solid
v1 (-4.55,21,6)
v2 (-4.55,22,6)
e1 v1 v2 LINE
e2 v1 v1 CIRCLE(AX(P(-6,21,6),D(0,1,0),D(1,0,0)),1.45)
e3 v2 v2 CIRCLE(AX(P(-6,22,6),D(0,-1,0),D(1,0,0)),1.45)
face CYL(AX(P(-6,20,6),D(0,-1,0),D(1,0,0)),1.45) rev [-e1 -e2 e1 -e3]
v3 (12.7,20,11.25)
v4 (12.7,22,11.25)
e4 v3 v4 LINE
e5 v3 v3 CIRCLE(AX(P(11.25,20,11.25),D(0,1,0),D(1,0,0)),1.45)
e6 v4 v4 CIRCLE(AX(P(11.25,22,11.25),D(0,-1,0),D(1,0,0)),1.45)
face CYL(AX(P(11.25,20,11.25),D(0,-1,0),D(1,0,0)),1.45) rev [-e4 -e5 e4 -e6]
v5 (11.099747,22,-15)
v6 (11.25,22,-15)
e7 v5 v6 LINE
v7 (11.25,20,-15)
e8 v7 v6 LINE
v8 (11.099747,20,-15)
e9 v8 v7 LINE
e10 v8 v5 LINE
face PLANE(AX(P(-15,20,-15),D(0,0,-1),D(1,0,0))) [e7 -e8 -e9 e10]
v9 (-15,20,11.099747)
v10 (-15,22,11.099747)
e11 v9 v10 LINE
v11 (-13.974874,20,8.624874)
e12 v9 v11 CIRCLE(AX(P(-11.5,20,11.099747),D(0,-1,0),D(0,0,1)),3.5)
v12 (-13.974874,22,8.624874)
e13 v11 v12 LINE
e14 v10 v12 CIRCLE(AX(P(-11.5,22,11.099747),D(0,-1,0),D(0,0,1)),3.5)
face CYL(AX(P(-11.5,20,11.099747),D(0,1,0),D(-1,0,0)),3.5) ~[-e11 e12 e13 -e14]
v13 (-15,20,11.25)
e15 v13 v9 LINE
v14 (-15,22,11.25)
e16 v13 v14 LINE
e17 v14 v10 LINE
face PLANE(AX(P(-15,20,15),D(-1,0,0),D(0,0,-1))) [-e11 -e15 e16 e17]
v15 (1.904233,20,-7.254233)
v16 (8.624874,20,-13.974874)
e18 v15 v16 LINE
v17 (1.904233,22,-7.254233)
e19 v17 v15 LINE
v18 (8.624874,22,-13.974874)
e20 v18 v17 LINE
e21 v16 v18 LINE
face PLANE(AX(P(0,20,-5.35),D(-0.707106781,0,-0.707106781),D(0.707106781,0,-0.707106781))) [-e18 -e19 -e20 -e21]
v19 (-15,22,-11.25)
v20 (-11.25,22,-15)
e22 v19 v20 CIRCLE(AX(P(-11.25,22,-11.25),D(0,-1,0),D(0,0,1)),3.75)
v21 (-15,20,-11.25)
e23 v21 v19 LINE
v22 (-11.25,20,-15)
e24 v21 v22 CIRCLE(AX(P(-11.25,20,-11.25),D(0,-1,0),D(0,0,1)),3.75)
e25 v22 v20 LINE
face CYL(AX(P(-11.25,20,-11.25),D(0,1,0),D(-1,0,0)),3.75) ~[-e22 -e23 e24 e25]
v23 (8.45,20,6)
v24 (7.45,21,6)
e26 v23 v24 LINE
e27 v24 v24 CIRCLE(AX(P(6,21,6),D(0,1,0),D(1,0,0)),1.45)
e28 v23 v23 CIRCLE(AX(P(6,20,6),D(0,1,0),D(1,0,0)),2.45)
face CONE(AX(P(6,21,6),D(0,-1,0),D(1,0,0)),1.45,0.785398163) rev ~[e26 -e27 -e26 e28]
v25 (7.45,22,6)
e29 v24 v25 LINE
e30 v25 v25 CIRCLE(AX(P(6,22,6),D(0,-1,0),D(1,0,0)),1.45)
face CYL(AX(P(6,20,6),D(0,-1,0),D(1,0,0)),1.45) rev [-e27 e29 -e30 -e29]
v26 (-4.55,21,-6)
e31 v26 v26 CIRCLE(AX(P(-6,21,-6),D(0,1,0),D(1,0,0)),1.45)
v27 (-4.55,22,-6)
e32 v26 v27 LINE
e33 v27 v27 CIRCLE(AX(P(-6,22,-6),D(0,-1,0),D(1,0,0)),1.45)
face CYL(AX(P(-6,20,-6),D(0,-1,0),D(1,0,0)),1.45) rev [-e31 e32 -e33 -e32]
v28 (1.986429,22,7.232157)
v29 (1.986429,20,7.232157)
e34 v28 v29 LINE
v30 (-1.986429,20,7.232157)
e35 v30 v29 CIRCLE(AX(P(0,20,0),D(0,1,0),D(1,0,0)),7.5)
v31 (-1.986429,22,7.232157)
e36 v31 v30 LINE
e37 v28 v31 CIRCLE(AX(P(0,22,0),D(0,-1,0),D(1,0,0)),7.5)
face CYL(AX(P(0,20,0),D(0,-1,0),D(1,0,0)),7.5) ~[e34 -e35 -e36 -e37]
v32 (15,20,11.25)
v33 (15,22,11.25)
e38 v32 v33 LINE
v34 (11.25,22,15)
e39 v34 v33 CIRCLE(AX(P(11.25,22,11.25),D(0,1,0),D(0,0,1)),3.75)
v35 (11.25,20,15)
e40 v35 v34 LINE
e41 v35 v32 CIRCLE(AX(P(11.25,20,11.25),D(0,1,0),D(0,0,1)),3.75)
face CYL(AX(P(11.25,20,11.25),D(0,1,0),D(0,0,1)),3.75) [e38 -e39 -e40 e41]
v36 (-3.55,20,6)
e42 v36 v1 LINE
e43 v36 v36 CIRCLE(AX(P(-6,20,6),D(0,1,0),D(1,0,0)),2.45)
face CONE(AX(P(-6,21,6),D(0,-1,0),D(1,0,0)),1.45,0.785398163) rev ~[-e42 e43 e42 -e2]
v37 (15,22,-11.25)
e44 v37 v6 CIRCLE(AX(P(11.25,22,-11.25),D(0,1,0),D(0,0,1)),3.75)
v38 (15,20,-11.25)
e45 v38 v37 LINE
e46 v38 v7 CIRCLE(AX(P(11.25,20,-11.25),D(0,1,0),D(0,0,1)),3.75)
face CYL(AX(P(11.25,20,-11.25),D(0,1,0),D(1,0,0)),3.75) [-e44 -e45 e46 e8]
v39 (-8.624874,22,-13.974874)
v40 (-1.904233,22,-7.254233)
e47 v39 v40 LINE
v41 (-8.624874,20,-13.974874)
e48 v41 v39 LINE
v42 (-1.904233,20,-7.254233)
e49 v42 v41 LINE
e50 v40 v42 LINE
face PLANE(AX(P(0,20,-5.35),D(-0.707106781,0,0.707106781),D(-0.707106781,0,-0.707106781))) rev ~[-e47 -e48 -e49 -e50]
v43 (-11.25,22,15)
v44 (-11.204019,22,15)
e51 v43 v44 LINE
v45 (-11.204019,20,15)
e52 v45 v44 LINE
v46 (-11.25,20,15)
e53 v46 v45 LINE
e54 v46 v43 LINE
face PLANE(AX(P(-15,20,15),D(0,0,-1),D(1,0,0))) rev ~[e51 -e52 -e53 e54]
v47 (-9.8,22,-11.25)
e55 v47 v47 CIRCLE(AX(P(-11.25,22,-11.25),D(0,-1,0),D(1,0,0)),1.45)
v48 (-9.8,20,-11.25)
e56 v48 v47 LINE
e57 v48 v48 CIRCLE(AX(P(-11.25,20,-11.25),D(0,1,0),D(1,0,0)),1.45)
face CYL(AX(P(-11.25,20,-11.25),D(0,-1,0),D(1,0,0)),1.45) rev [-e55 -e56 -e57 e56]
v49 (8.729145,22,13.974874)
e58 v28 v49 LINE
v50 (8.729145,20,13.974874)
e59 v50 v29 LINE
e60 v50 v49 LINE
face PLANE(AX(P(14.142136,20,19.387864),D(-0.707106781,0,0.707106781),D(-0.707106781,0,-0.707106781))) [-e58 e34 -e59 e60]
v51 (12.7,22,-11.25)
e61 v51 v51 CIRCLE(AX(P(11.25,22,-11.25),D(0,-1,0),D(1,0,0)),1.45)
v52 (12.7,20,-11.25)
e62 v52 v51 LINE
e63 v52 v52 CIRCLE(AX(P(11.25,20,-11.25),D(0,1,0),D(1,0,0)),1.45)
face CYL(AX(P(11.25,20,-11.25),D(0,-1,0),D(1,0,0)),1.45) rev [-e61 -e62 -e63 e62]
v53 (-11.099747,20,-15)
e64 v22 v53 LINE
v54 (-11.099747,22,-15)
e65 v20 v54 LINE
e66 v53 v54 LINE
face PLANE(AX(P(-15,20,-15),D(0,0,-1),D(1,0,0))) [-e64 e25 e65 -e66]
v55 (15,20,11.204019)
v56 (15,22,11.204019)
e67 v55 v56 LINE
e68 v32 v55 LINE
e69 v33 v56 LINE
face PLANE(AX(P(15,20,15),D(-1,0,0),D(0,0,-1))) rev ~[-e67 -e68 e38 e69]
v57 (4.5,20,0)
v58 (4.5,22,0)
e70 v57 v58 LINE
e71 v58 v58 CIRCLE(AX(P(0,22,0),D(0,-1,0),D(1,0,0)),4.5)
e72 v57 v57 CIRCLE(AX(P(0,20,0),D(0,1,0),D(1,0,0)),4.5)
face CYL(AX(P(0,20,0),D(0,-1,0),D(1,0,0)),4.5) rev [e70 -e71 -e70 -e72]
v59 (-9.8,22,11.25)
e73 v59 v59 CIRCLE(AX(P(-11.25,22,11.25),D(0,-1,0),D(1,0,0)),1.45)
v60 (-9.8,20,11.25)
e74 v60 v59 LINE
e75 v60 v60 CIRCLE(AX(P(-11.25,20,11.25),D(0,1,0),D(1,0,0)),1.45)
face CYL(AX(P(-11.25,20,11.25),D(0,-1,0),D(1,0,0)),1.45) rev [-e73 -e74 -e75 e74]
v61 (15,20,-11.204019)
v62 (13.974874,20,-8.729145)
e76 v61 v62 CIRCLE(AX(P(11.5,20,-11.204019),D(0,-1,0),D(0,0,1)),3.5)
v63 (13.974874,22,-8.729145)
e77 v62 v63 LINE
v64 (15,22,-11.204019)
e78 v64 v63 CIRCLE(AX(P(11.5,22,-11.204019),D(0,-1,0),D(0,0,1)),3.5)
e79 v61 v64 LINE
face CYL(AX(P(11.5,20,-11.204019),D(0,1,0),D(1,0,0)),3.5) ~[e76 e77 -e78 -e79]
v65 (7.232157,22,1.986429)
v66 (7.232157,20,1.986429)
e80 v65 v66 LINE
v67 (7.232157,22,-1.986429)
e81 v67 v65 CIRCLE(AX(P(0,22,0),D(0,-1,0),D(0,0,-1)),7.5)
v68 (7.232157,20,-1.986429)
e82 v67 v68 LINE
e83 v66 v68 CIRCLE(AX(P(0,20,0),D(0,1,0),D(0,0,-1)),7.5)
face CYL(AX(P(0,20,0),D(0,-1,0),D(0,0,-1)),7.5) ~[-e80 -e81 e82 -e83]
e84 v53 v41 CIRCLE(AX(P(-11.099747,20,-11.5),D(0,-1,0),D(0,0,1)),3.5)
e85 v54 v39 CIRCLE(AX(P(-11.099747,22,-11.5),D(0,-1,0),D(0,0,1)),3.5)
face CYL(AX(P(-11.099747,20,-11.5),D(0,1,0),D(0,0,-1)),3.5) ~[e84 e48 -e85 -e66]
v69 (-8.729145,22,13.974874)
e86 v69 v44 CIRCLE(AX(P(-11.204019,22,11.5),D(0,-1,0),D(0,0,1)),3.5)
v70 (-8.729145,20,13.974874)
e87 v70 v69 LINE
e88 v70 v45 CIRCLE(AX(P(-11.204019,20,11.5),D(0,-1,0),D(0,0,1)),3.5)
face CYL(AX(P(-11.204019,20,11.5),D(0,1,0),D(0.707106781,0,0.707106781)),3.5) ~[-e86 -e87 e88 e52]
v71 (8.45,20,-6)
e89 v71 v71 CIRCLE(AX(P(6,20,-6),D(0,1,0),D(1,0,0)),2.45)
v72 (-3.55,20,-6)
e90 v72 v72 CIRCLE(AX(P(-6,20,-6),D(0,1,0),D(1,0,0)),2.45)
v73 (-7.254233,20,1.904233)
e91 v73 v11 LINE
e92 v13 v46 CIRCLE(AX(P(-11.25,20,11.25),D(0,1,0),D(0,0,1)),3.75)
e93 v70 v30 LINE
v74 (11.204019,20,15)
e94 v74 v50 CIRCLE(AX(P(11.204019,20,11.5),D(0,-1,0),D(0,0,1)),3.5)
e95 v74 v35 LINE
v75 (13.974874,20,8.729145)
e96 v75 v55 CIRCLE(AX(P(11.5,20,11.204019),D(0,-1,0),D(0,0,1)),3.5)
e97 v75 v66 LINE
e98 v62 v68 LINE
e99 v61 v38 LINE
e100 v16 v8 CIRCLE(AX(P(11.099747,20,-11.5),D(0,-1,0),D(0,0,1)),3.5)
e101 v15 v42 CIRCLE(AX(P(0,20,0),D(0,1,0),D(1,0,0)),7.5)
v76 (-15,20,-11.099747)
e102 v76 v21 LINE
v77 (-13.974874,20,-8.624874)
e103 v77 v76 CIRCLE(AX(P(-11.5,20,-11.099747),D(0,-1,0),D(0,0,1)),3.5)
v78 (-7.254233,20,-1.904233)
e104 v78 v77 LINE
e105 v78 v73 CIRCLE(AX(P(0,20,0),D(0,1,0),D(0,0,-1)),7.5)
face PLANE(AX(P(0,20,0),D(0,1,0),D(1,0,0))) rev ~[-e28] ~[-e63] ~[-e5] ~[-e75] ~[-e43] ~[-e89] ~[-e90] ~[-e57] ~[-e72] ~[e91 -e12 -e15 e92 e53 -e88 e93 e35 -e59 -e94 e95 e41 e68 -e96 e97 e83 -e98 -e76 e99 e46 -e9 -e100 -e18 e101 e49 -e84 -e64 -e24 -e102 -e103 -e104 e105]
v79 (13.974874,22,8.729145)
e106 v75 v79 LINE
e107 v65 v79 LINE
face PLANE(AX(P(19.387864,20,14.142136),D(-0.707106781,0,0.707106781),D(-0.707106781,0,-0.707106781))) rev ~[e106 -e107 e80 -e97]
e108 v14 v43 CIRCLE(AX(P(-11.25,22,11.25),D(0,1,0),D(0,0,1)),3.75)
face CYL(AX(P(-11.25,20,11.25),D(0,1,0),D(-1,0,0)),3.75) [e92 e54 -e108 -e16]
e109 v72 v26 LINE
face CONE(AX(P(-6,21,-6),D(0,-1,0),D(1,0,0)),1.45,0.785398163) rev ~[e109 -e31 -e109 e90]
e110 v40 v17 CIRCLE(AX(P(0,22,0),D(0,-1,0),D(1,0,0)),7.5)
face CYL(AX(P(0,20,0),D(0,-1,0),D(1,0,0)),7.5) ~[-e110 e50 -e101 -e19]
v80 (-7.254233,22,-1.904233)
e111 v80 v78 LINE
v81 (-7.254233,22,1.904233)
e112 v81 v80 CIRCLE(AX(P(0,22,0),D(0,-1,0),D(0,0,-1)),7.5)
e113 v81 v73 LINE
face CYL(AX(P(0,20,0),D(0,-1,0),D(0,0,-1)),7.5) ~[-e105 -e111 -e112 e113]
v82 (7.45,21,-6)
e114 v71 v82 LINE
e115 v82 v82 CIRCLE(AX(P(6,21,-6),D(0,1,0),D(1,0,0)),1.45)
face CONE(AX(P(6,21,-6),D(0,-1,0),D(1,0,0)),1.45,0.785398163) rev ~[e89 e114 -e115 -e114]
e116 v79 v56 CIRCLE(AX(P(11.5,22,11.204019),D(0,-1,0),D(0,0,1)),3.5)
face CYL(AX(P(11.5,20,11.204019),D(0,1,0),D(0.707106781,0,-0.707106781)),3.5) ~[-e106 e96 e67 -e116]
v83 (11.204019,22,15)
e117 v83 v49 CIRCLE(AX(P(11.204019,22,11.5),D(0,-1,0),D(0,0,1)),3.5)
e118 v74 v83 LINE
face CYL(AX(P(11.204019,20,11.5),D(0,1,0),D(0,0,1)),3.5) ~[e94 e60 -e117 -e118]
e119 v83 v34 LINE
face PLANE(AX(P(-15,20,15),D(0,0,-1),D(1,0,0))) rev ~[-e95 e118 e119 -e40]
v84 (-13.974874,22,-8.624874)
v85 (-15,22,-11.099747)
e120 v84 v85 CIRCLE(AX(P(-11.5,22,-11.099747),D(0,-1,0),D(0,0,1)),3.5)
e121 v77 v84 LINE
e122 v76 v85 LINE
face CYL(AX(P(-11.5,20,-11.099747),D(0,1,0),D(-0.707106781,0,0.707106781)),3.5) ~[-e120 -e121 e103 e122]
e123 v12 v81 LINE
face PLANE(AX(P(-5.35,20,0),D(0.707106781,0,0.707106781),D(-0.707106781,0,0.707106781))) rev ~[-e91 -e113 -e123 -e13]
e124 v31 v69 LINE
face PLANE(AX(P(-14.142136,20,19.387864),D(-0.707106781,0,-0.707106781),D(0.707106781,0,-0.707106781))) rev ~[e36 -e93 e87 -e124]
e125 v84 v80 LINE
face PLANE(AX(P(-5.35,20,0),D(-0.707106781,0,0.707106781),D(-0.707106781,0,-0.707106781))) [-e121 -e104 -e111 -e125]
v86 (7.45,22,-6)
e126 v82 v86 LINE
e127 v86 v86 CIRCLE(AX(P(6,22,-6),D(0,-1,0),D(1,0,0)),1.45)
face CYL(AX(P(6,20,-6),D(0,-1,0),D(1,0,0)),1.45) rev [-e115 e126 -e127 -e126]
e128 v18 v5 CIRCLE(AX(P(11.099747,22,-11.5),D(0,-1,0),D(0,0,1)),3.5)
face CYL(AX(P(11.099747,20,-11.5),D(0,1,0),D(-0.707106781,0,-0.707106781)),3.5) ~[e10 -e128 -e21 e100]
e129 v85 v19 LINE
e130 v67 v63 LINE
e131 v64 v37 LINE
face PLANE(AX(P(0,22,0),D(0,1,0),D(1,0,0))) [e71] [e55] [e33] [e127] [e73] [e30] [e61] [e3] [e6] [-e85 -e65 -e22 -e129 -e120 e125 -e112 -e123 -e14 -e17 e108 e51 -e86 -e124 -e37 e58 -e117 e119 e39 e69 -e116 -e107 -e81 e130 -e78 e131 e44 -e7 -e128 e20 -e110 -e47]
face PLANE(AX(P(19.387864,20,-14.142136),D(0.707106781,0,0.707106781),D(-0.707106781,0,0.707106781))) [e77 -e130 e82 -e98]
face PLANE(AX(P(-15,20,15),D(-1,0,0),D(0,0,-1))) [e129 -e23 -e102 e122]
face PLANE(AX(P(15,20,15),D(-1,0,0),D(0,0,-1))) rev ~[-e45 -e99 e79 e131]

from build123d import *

# Parameters (mm, degrees)
CYLINDER006_R              = 1.45
CYLINDER006_DEPTH          = 10
CYLINDER007_R              = 1.45
CYLINDER007_DEPTH          = 10
CYLINDER008_R              = 1.45
CYLINDER008_DEPTH          = 10
CYLINDER009_R              = 1.45
CYLINDER009_DEPTH          = 10
CYLINDER005_R              = 1.45
CYLINDER005_DEPTH          = 10
CYLINDER002_R              = 1.45
CYLINDER002_DEPTH          = 10
CYLINDER003_R              = 1.45
CYLINDER003_DEPTH          = 10
CYLINDER004_R              = 1.45
CYLINDER004_DEPTH          = 10
CYLINDER001_R              = 4.5
CYLINDER001_DEPTH          = 10
CYLINDER_R                 = 7.5
CYLINDER_DEPTH             = 15
BOX001_W                   = 20
BOX001_H                   = 20
BOX001_DEPTH               = 10
BOX001_PLACEMENT_ANGLE     = 45
BOX002_W                   = 20
BOX002_H                   = 20
BOX002_DEPTH               = 10
BOX002_PLACEMENT_ANGLE     = 45
CLONE_PLACEMENT_ANGLE      = 90
BOX_W                      = 30
BOX_H                      = 30
BOX_DEPTH                  = 2
FILLET_R                   = 3.75
FILLET001_R                = 3.5
CUT010_PLACEMENT_ANGLE     = 90
CHAMFER004_SIZE            = 1
CHAMFER004_PLACEMENT_ANGLE = 180


with BuildPart() as cylinder006:
    # Cylinder006 → Cylinder006 (new body)
    with BuildSketch(Plane(origin=(11.25, -11.25, 0), x_dir=(1, 0, 0), z_dir=(0, 0, 1))):
        Circle(CYLINDER006_R)
    extrude(amount=CYLINDER006_DEPTH)


with BuildPart() as cylinder007:
    # Cylinder007 → Cylinder007 (new body)
    with BuildSketch(Plane(origin=(11.25, 11.25, 0), x_dir=(1, 0, 0), z_dir=(0, 0, 1))):
        Circle(CYLINDER007_R)
    extrude(amount=CYLINDER007_DEPTH)


with BuildPart() as cylinder008:
    # Cylinder008 → Cylinder008 (new body)
    with BuildSketch(Plane(origin=(-11.25, -11.25, 0), x_dir=(1, 0, 0), z_dir=(0, 0, 1))):
        Circle(CYLINDER008_R)
    extrude(amount=CYLINDER008_DEPTH)


with BuildPart() as cylinder009:
    # Cylinder009 → Cylinder009 (new body)
    with BuildSketch(Plane(origin=(-11.25, 11.25, 0), x_dir=(1, 0, 0), z_dir=(0, 0, 1))):
        Circle(CYLINDER009_R)
    extrude(amount=CYLINDER009_DEPTH)


with BuildPart() as cylinder005:
    # Cylinder005 → Cylinder005 (new body)
    with BuildSketch(Plane(origin=(6, -6, 0), x_dir=(1, 0, 0), z_dir=(0, 0, 1))):
        Circle(CYLINDER005_R)
    extrude(amount=CYLINDER005_DEPTH)


with BuildPart() as cylinder002:
    # Cylinder002 → Cylinder002 (new body)
    with BuildSketch(Plane(origin=(6, 6, 0), x_dir=(1, 0, 0), z_dir=(0, 0, 1))):
        Circle(CYLINDER002_R)
    extrude(amount=CYLINDER002_DEPTH)


with BuildPart() as cylinder003:
    # Cylinder003 → Cylinder003 (new body)
    with BuildSketch(Plane(origin=(-6, 6, 0), x_dir=(1, 0, 0), z_dir=(0, 0, 1))):
        Circle(CYLINDER003_R)
    extrude(amount=CYLINDER003_DEPTH)


with BuildPart() as cylinder004:
    # Cylinder004 → Cylinder004 (new body)
    with BuildSketch(Plane(origin=(-6, -6, 0), x_dir=(1, 0, 0), z_dir=(0, 0, 1))):
        Circle(CYLINDER004_R)
    extrude(amount=CYLINDER004_DEPTH)


with BuildPart() as cylinder001:
    # Cylinder001 → Cylinder001 (new body)
    with BuildSketch(Plane.XY):
        Circle(CYLINDER001_R)
    extrude(amount=CYLINDER001_DEPTH)


with BuildPart() as cylinder:
    # Cylinder → Cylinder (new body)
    with BuildSketch(Plane.XY):
        Circle(CYLINDER_R)
    extrude(amount=CYLINDER_DEPTH)


with BuildPart() as cube001:
    # Box001 → Box001 (new body)
    with BuildSketch(Plane.XY):
        with Locations((10, 10)):
            Rectangle(BOX001_W, BOX001_H)
    extrude(amount=BOX001_DEPTH)


with BuildPart() as cube001_1:
    # Box001 placement: moved
    add(cube001.part.moved(Location((0, -33.53, 0))).rotate(Axis((0, -33.53, 0), (0, 0, 1)), BOX001_PLACEMENT_ANGLE))


with BuildPart() as cut:
    # Box002 → Box002 (new body)
    with BuildSketch(Plane.XY):
        with Locations((10, 10)):
            Rectangle(BOX002_W, BOX002_H)
    extrude(amount=BOX002_DEPTH)


with BuildPart() as cut_1:
    # Box002 placement: moved
    add(cut.part.moved(Location((0, 5.35, 0))).rotate(Axis((0, 5.35, 0), (0, 0, 1)), BOX002_PLACEMENT_ANGLE))

    # Fusion: union Cube001
    add(cube001_1.part)

    # Cut: cut Cylinder
    add(cylinder.part, mode=Mode.SUBTRACT)


with BuildPart() as cut001:
    # Clone base: copy of Cut
    add(cut_1.part)


with BuildPart() as cut001_1:
    # Clone placement: moved
    add(cut001.part.rotate(Axis((0, 0, 0), (0, 0, 1)), CLONE_PLACEMENT_ANGLE))


with BuildPart() as fusion001:
    # Fusion001 base: copy of Cut
    add(cut_1.part)

    # Fusion001: union Cut001
    add(cut001_1.part)


with BuildPart() as alummount:
    # Box → Box (new body)
    with BuildSketch(Plane(origin=(-15, -15, 0), x_dir=(1, 0, 0), z_dir=(0, 0, 1))):
        with Locations((15, 15)):
            Rectangle(BOX_W, BOX_H)
    extrude(amount=BOX_DEPTH)

    # Fillet
    fillet_edges = [alummount.edges().sort_by_distance(p)[0] for p in [
        (-15, -15, 1),
        (-15, 15, 1),
        (15, -15, 1),
        (15, 15, 1),
    ]]
    fillet(fillet_edges, radius=FILLET_R)

    # Cut001: cut Fusion001
    add(fusion001.part, mode=Mode.SUBTRACT)

    # Fillet001
    fillet001_edges = [alummount.edges().sort_by_distance(p)[0] for p in [
        (-15, -9.65, 1),
        (-15, 9.65, 1),
        (-9.65, 15, 1),
        (9.65, 15, 1),
        (15, 9.754271, 1),
        (15, -9.754271, 1),
        (9.754271, -15, 1),
        (-9.754271, -15, 1),
    ]]
    fillet(fillet001_edges, radius=FILLET001_R)

    # Cut002: cut Cylinder001
    add(cylinder001.part, mode=Mode.SUBTRACT)

    # Cut003: cut Cylinder004
    add(cylinder004.part, mode=Mode.SUBTRACT)

    # Cut004: cut Cylinder003
    add(cylinder003.part, mode=Mode.SUBTRACT)

    # Cut005: cut Cylinder002
    add(cylinder002.part, mode=Mode.SUBTRACT)

    # Cut006: cut Cylinder005
    add(cylinder005.part, mode=Mode.SUBTRACT)

    # Cut007: cut Cylinder009
    add(cylinder009.part, mode=Mode.SUBTRACT)

    # Cut008: cut Cylinder008
    add(cylinder008.part, mode=Mode.SUBTRACT)

    # Cut009: cut Cylinder007
    add(cylinder007.part, mode=Mode.SUBTRACT)

    # Cut010: cut Cylinder006
    add(cylinder006.part, mode=Mode.SUBTRACT)


with BuildPart() as alummount_1:
    # Cut010 placement: moved
    add(alummount.part.rotate(Axis((0, 0, 0), (1, 0, 0)), CUT010_PLACEMENT_ANGLE))

    # Chamfer004
    chamfer004_edges = [alummount_1.edges().sort_by_distance(p)[0] for p in [
        (4.55, 0, 6),
        (-7.45, 0, 6),
        (4.55, 0, -6),
        (-7.45, 0, -6),
    ]]
    chamfer(chamfer004_edges, length=CHAMFER004_SIZE)


with BuildPart() as alummount_2:
    # Chamfer004 placement: moved
    add(alummount_1.part.moved(Location((0, 20, 0))).rotate(Axis((0, 20, 0), (1, 0, 0)), CHAMFER004_PLACEMENT_ANGLE))


solid = alummount_2.part
